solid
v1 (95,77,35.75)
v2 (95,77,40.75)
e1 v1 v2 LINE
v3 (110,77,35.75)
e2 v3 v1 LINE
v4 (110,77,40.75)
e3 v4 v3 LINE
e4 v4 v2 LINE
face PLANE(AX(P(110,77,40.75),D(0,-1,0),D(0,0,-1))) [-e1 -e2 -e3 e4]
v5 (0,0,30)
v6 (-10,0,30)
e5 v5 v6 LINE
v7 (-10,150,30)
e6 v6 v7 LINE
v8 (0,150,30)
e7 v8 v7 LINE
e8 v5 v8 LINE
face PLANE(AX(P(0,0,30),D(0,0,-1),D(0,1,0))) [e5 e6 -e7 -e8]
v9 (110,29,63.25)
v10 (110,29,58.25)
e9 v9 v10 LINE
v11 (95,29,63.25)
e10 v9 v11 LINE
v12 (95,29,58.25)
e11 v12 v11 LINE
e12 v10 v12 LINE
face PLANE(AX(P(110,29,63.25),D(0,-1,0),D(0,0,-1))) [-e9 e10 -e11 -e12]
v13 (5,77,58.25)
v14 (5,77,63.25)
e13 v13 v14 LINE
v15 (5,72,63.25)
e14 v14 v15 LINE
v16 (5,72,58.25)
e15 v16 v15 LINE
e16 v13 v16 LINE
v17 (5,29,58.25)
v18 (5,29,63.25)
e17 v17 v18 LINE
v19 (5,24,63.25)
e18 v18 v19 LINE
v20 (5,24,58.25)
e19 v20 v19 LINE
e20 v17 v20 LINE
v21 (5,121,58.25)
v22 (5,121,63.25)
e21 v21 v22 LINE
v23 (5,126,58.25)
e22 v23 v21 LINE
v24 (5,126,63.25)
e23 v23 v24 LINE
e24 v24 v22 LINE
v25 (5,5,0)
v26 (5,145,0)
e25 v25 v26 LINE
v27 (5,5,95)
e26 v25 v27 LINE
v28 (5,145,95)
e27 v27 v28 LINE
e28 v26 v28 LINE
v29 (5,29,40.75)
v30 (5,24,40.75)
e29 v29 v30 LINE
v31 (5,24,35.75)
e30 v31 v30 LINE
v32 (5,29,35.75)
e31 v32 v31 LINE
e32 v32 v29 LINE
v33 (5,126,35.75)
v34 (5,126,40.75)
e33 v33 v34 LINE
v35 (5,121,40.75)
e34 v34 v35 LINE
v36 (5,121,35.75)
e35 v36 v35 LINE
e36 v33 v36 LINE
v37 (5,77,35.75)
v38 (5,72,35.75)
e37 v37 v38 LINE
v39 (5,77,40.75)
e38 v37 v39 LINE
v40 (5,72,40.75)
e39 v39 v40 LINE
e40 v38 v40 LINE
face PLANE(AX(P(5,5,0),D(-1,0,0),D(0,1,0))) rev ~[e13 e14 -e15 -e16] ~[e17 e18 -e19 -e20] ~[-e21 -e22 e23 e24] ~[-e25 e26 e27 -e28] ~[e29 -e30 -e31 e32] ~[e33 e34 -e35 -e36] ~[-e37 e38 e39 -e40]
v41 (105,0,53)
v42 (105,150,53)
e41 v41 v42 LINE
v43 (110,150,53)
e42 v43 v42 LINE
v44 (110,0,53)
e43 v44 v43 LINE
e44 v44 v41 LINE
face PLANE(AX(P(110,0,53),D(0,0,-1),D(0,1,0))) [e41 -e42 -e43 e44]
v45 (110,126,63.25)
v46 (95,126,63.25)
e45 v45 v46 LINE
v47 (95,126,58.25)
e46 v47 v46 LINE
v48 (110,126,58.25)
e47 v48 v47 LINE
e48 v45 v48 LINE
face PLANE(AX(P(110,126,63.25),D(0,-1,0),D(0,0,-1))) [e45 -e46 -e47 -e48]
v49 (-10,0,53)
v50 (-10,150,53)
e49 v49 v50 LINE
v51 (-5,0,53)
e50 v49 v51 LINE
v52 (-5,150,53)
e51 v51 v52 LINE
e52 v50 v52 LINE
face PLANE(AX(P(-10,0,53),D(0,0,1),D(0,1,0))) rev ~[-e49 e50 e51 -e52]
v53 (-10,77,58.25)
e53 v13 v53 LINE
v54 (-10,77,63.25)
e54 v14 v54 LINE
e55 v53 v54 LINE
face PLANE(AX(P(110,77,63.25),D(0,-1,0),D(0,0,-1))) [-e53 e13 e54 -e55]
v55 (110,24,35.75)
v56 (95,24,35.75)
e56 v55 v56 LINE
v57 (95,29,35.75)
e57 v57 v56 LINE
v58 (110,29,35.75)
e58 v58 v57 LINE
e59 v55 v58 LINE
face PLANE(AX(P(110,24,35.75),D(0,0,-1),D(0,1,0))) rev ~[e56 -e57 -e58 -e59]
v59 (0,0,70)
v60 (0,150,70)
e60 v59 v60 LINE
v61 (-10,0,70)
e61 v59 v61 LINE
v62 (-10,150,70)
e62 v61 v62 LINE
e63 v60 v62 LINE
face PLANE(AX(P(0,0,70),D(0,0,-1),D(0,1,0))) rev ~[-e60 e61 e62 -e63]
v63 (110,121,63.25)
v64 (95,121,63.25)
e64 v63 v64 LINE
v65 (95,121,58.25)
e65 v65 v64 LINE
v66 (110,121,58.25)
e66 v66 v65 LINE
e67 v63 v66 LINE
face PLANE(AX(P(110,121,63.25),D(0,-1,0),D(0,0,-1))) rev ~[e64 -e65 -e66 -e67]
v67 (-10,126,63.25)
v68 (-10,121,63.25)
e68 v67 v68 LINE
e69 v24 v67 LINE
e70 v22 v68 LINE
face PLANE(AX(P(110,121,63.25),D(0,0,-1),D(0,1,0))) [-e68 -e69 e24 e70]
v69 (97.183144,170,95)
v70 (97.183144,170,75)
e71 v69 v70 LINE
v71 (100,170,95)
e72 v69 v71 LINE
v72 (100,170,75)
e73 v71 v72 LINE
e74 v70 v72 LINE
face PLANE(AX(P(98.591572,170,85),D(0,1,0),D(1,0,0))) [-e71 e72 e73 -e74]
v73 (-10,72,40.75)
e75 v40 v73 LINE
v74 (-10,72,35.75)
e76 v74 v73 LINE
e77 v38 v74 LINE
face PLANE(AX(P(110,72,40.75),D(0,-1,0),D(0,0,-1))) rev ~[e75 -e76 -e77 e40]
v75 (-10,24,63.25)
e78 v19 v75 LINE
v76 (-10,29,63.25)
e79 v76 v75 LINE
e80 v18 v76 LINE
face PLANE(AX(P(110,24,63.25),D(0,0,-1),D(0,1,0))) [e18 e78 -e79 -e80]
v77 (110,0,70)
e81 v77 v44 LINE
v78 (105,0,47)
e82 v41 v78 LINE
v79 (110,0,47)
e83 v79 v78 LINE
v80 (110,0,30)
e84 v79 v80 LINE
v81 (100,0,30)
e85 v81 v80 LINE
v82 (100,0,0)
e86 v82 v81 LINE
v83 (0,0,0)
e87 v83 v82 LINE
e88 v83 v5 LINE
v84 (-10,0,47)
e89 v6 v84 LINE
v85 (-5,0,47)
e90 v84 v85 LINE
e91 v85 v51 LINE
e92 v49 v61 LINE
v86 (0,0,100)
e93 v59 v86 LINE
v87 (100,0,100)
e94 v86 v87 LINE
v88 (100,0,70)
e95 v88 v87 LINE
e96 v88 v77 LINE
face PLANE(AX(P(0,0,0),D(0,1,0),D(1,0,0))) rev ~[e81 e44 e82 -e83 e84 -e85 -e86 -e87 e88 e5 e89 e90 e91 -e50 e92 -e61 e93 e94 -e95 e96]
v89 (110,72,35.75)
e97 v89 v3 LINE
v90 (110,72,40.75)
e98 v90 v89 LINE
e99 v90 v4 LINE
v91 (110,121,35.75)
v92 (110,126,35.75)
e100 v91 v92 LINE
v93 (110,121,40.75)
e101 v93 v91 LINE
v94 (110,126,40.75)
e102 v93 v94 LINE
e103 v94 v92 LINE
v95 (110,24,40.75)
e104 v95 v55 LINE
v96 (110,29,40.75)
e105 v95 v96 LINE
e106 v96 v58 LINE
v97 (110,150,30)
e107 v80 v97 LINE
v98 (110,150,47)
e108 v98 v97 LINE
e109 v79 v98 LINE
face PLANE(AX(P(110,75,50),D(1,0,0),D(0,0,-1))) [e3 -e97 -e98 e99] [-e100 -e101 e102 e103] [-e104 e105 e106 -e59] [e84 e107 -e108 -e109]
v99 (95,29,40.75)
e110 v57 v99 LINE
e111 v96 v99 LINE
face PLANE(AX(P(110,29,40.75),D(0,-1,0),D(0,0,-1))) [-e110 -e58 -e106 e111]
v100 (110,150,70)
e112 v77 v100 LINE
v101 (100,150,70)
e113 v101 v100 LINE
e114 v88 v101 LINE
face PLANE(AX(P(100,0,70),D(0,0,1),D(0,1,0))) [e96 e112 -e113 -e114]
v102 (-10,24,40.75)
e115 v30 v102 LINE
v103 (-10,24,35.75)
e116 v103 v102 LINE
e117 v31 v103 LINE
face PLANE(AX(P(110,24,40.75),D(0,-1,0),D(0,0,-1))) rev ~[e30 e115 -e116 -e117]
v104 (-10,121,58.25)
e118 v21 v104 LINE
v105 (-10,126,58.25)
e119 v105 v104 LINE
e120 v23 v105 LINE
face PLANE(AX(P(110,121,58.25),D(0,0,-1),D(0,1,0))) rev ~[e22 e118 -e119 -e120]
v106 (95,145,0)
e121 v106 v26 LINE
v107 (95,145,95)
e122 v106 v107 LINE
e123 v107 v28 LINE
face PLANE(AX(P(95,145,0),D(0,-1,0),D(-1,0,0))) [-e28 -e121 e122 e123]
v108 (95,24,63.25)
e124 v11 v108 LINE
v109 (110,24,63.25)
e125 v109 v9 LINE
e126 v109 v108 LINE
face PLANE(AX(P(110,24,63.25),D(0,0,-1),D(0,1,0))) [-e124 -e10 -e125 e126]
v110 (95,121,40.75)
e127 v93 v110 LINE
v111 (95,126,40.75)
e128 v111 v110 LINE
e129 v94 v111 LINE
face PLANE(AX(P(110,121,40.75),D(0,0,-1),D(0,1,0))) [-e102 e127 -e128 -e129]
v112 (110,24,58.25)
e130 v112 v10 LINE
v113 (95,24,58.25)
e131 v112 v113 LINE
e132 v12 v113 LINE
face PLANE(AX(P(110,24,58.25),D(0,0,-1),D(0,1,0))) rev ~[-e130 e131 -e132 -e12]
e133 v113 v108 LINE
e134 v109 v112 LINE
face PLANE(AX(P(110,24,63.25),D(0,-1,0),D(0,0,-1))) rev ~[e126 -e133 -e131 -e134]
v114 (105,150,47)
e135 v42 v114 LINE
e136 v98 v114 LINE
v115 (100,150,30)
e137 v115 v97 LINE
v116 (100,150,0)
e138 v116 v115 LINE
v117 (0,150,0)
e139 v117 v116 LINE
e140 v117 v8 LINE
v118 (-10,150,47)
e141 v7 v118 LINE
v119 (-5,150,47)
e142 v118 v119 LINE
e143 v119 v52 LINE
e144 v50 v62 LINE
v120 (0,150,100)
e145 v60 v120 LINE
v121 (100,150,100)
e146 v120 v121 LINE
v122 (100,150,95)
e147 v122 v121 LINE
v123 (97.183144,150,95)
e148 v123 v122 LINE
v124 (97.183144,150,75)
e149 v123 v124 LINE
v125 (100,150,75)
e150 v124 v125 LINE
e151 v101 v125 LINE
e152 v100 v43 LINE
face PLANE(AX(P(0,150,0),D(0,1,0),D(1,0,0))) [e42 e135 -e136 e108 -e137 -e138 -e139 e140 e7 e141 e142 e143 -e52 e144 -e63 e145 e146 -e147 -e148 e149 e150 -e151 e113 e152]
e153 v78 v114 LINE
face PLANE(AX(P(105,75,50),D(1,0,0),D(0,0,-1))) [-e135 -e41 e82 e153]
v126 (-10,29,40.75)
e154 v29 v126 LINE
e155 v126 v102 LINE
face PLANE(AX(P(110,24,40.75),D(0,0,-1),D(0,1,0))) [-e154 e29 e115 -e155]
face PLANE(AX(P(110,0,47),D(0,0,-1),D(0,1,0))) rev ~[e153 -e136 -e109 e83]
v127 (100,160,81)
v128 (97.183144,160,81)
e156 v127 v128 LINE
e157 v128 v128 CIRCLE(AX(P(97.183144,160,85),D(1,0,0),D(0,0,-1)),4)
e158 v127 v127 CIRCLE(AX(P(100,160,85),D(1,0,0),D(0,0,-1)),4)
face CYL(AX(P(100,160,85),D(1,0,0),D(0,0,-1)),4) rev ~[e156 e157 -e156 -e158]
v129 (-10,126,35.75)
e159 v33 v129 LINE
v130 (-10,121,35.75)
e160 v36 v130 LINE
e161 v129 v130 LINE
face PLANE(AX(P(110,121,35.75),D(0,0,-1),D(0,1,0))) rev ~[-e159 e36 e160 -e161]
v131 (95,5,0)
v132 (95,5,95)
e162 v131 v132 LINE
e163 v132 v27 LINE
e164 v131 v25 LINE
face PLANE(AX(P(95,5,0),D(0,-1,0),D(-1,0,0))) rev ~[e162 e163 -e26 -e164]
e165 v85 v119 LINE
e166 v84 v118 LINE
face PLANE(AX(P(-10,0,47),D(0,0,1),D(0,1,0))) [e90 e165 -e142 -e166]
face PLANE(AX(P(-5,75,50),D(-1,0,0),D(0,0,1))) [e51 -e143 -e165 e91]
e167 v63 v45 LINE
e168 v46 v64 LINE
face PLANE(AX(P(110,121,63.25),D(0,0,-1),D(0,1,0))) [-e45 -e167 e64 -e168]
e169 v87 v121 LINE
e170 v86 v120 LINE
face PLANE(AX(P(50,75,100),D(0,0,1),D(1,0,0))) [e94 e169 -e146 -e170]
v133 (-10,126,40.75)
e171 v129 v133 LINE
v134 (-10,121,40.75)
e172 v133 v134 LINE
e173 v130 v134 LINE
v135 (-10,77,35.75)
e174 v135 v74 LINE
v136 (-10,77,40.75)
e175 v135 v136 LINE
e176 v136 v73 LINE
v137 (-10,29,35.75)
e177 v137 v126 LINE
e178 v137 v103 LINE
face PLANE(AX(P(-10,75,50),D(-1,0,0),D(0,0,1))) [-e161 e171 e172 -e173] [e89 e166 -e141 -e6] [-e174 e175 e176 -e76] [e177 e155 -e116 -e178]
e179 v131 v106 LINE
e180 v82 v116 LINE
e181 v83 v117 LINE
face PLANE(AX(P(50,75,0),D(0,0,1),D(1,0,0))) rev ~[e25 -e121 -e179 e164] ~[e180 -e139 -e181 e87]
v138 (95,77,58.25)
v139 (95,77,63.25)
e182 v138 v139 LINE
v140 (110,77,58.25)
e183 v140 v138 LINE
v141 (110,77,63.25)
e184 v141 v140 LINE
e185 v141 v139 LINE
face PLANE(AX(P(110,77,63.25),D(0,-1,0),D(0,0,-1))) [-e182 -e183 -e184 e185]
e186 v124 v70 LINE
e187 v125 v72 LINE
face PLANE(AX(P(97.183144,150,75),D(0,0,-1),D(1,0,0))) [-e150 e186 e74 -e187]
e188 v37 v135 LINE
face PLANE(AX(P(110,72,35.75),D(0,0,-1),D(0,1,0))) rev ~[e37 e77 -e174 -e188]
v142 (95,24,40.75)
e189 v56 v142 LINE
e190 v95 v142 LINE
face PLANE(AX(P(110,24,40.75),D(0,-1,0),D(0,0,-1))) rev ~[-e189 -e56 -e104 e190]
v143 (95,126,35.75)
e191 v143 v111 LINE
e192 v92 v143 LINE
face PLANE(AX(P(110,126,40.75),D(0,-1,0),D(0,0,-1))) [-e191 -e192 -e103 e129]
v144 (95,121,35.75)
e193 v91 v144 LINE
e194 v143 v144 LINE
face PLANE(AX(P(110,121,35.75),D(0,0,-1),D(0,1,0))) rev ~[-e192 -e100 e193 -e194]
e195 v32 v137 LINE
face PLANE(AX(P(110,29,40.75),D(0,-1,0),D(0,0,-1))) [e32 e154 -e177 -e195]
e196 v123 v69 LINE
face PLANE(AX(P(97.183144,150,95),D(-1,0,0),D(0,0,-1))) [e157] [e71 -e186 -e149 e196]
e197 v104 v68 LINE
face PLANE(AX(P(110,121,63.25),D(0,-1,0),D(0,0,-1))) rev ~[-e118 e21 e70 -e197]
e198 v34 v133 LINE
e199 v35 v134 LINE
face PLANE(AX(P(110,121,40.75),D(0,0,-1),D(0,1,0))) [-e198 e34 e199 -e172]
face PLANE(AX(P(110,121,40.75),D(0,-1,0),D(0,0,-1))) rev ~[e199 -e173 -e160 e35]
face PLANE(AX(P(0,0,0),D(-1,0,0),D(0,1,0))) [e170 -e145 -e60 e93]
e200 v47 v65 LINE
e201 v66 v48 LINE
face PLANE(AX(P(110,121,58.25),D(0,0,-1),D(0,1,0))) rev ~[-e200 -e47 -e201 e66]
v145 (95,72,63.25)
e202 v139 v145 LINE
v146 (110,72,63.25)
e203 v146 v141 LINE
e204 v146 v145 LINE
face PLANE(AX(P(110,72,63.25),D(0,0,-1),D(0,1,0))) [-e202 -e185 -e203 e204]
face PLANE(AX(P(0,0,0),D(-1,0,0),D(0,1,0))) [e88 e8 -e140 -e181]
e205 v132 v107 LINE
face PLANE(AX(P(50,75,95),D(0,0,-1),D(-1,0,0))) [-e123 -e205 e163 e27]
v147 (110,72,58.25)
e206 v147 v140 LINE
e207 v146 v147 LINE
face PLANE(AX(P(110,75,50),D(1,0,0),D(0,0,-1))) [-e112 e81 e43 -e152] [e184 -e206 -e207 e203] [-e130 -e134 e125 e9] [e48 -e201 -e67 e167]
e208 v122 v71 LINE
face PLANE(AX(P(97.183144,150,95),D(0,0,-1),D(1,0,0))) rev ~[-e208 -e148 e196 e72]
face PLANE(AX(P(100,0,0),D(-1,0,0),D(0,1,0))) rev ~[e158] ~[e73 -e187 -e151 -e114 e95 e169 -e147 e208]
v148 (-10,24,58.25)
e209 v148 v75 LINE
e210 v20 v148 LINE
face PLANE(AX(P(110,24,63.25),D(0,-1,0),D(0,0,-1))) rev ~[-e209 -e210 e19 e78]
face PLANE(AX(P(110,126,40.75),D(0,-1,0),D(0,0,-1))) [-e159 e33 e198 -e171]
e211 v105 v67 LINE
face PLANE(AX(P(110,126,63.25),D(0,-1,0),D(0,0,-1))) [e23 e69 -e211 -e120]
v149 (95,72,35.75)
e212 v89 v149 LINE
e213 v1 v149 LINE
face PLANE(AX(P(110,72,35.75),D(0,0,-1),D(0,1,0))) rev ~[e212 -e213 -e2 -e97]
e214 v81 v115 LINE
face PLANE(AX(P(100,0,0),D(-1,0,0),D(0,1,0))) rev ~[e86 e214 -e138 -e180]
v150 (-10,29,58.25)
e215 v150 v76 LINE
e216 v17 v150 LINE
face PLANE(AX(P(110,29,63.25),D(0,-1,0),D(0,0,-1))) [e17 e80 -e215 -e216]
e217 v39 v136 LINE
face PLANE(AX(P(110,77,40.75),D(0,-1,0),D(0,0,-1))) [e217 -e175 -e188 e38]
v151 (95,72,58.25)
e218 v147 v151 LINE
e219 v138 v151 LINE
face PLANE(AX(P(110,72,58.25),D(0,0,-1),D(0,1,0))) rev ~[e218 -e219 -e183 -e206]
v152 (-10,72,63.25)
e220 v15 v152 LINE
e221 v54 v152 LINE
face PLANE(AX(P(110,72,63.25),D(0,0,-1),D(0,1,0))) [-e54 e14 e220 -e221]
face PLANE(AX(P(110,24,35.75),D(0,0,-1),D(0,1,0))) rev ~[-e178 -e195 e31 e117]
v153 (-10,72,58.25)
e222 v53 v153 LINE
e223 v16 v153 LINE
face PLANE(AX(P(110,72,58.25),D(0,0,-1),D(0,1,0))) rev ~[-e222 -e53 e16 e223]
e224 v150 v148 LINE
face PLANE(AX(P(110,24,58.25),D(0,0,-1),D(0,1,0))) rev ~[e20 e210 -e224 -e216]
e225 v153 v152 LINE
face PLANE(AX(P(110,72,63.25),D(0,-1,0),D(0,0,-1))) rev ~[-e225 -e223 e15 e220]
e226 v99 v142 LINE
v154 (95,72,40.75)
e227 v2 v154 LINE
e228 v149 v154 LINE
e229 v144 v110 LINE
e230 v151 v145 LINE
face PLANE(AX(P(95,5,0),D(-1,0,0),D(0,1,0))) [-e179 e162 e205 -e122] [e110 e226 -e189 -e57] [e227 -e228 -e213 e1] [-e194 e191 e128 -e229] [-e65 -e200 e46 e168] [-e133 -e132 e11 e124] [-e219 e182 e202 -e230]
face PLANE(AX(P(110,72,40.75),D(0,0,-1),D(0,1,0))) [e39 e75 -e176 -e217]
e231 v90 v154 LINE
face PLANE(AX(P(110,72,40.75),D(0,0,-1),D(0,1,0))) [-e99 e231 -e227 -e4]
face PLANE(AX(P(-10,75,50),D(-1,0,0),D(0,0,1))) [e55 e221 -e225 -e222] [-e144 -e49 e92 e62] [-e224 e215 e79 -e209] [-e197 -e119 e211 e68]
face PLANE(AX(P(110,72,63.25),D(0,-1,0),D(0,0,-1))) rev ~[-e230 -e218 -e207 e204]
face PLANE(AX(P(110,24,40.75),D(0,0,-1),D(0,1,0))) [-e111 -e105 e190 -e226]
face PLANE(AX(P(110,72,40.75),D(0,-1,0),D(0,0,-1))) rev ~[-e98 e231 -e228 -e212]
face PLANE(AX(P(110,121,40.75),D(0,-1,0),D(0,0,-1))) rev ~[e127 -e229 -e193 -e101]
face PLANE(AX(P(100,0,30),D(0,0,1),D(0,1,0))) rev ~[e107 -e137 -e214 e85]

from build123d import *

# Parameters (mm, degrees)
ESQUISSE1_W             = 100
ESQUISSE1_H             = 150
BOSS_EXTRU_1_DEPTH      = 100
ESQUISSE2_W             = 90
ESQUISSE2_H             = 140
ENL_V_MAT_EXTRU_1_DEPTH = 95
ESQUISSE4_W             = 40
ESQUISSE4_H             = 150
BOSS_EXTRU_2_DEPTH      = 10
ESQUISSE5_W             = 6
ESQUISSE5_H             = 150
ENL_V_MAT_EXTRU_2_DEPTH = 5
ESQUISSE7_W             = 40
ESQUISSE7_H             = 150
BOSS_EXTRU_3_DEPTH      = 10
ESQUISSE8_W             = 6
ESQUISSE8_H             = 150
ENL_V_MAT_EXTRU_3_DEPTH = 5
ESQUISSE9_W             = 5
ESQUISSE9_H             = 5
ENL_V_MAT_EXTRU_4_DEPTH = 121
ESQUISSE10_W            = 2.816855809
ESQUISSE10_H            = 20
BOSS_EXTRU_4_DEPTH      = 20
ESQUISSE11_R            = 4
ENL_V_MAT_EXTRU_5_DEPTH = 111


with BuildPart() as part:
    # Esquisse1 → Boss.-Extru.1 (new body)
    with BuildSketch(Plane.XY):
        with Locations((50, 75)):
            Rectangle(ESQUISSE1_W, ESQUISSE1_H)
    extrude(amount=BOSS_EXTRU_1_DEPTH)

    # Esquisse2 → Enlèv. mat.-Extru.1 (cut)
    with BuildSketch(Plane(origin=(0, 0, 0), x_dir=(-1, 0, 0), z_dir=(0, 0, -1))):
        with Locations((-50, 75)):
            Rectangle(ESQUISSE2_W, ESQUISSE2_H)
    extrude(amount=-ENL_V_MAT_EXTRU_1_DEPTH, mode=Mode.SUBTRACT)

    # Esquisse4 → Boss.-Extru.2 (add)
    with BuildSketch(Plane.ZY):
        with Locations((50, 75)):
            Rectangle(ESQUISSE4_W, ESQUISSE4_H)
    extrude(amount=BOSS_EXTRU_2_DEPTH)

    # Esquisse5 → Enlèv. mat.-Extru.2 (cut)
    with BuildSketch(Plane.ZY.offset(10)):
        with Locations((50, 75)):
            Rectangle(ESQUISSE5_W, ESQUISSE5_H)
    extrude(amount=-ENL_V_MAT_EXTRU_2_DEPTH, mode=Mode.SUBTRACT)

    # Esquisse7 → Boss.-Extru.3 (add)
    with BuildSketch(Plane(origin=(100, 0, 0), x_dir=(0, 0, -1), z_dir=(1, 0, 0))):
        with Locations((-50, 75)):
            Rectangle(ESQUISSE7_W, ESQUISSE7_H)
    extrude(amount=BOSS_EXTRU_3_DEPTH)

    # Esquisse8 → Enlèv. mat.-Extru.3 (cut)
    with BuildSketch(Plane(origin=(110, 0, 0), x_dir=(0, 0, -1), z_dir=(1, 0, 0))):
        with Locations((-50, 75)):
            Rectangle(ESQUISSE8_W, ESQUISSE8_H)
    extrude(amount=-ENL_V_MAT_EXTRU_3_DEPTH, mode=Mode.SUBTRACT)

    # Esquisse9 → Enlèv. mat.-Extru.4 (cut, through all)
    with BuildSketch(Plane(origin=(110, 0, 0), x_dir=(0, 0, -1), z_dir=(1, 0, 0))):
        with Locations((-38.25, 123.5)):
            Rectangle(ESQUISSE9_W, ESQUISSE9_H)
        with Locations((-60.75, 74.5)):
            Rectangle(ESQUISSE9_W, ESQUISSE9_H)
        with Locations((-38.25, 74.5)):
            Rectangle(ESQUISSE9_W, ESQUISSE9_H)
        with Locations((-60.75, 26.5)):
            Rectangle(ESQUISSE9_W, ESQUISSE9_H)
        with Locations((-60.75, 123.5)):
            Rectangle(ESQUISSE9_W, ESQUISSE9_H)
        with Locations((-38.25, 26.5)):
            Rectangle(ESQUISSE9_W, ESQUISSE9_H)
    extrude(amount=-ENL_V_MAT_EXTRU_4_DEPTH, mode=Mode.SUBTRACT)

    # Esquisse10 → Boss.-Extru.4 (add)
    with BuildSketch(Plane(origin=(0, 150, 0), x_dir=(1, 0, 0), z_dir=(0, 1, 0))):
        with Locations((98.591572095, -85)):
            Rectangle(ESQUISSE10_W, ESQUISSE10_H)
    extrude(amount=BOSS_EXTRU_4_DEPTH)

    # Esquisse11 → Enlèv. mat.-Extru.5 (cut, through all)
    with BuildSketch(Plane(origin=(100, 0, 0), x_dir=(0, 0, -1), z_dir=(1, 0, 0))):
        with Locations((-85, 160)):
            Circle(ESQUISSE11_R)
    extrude(amount=-ENL_V_MAT_EXTRU_5_DEPTH, mode=Mode.SUBTRACT)


solid = part.part
